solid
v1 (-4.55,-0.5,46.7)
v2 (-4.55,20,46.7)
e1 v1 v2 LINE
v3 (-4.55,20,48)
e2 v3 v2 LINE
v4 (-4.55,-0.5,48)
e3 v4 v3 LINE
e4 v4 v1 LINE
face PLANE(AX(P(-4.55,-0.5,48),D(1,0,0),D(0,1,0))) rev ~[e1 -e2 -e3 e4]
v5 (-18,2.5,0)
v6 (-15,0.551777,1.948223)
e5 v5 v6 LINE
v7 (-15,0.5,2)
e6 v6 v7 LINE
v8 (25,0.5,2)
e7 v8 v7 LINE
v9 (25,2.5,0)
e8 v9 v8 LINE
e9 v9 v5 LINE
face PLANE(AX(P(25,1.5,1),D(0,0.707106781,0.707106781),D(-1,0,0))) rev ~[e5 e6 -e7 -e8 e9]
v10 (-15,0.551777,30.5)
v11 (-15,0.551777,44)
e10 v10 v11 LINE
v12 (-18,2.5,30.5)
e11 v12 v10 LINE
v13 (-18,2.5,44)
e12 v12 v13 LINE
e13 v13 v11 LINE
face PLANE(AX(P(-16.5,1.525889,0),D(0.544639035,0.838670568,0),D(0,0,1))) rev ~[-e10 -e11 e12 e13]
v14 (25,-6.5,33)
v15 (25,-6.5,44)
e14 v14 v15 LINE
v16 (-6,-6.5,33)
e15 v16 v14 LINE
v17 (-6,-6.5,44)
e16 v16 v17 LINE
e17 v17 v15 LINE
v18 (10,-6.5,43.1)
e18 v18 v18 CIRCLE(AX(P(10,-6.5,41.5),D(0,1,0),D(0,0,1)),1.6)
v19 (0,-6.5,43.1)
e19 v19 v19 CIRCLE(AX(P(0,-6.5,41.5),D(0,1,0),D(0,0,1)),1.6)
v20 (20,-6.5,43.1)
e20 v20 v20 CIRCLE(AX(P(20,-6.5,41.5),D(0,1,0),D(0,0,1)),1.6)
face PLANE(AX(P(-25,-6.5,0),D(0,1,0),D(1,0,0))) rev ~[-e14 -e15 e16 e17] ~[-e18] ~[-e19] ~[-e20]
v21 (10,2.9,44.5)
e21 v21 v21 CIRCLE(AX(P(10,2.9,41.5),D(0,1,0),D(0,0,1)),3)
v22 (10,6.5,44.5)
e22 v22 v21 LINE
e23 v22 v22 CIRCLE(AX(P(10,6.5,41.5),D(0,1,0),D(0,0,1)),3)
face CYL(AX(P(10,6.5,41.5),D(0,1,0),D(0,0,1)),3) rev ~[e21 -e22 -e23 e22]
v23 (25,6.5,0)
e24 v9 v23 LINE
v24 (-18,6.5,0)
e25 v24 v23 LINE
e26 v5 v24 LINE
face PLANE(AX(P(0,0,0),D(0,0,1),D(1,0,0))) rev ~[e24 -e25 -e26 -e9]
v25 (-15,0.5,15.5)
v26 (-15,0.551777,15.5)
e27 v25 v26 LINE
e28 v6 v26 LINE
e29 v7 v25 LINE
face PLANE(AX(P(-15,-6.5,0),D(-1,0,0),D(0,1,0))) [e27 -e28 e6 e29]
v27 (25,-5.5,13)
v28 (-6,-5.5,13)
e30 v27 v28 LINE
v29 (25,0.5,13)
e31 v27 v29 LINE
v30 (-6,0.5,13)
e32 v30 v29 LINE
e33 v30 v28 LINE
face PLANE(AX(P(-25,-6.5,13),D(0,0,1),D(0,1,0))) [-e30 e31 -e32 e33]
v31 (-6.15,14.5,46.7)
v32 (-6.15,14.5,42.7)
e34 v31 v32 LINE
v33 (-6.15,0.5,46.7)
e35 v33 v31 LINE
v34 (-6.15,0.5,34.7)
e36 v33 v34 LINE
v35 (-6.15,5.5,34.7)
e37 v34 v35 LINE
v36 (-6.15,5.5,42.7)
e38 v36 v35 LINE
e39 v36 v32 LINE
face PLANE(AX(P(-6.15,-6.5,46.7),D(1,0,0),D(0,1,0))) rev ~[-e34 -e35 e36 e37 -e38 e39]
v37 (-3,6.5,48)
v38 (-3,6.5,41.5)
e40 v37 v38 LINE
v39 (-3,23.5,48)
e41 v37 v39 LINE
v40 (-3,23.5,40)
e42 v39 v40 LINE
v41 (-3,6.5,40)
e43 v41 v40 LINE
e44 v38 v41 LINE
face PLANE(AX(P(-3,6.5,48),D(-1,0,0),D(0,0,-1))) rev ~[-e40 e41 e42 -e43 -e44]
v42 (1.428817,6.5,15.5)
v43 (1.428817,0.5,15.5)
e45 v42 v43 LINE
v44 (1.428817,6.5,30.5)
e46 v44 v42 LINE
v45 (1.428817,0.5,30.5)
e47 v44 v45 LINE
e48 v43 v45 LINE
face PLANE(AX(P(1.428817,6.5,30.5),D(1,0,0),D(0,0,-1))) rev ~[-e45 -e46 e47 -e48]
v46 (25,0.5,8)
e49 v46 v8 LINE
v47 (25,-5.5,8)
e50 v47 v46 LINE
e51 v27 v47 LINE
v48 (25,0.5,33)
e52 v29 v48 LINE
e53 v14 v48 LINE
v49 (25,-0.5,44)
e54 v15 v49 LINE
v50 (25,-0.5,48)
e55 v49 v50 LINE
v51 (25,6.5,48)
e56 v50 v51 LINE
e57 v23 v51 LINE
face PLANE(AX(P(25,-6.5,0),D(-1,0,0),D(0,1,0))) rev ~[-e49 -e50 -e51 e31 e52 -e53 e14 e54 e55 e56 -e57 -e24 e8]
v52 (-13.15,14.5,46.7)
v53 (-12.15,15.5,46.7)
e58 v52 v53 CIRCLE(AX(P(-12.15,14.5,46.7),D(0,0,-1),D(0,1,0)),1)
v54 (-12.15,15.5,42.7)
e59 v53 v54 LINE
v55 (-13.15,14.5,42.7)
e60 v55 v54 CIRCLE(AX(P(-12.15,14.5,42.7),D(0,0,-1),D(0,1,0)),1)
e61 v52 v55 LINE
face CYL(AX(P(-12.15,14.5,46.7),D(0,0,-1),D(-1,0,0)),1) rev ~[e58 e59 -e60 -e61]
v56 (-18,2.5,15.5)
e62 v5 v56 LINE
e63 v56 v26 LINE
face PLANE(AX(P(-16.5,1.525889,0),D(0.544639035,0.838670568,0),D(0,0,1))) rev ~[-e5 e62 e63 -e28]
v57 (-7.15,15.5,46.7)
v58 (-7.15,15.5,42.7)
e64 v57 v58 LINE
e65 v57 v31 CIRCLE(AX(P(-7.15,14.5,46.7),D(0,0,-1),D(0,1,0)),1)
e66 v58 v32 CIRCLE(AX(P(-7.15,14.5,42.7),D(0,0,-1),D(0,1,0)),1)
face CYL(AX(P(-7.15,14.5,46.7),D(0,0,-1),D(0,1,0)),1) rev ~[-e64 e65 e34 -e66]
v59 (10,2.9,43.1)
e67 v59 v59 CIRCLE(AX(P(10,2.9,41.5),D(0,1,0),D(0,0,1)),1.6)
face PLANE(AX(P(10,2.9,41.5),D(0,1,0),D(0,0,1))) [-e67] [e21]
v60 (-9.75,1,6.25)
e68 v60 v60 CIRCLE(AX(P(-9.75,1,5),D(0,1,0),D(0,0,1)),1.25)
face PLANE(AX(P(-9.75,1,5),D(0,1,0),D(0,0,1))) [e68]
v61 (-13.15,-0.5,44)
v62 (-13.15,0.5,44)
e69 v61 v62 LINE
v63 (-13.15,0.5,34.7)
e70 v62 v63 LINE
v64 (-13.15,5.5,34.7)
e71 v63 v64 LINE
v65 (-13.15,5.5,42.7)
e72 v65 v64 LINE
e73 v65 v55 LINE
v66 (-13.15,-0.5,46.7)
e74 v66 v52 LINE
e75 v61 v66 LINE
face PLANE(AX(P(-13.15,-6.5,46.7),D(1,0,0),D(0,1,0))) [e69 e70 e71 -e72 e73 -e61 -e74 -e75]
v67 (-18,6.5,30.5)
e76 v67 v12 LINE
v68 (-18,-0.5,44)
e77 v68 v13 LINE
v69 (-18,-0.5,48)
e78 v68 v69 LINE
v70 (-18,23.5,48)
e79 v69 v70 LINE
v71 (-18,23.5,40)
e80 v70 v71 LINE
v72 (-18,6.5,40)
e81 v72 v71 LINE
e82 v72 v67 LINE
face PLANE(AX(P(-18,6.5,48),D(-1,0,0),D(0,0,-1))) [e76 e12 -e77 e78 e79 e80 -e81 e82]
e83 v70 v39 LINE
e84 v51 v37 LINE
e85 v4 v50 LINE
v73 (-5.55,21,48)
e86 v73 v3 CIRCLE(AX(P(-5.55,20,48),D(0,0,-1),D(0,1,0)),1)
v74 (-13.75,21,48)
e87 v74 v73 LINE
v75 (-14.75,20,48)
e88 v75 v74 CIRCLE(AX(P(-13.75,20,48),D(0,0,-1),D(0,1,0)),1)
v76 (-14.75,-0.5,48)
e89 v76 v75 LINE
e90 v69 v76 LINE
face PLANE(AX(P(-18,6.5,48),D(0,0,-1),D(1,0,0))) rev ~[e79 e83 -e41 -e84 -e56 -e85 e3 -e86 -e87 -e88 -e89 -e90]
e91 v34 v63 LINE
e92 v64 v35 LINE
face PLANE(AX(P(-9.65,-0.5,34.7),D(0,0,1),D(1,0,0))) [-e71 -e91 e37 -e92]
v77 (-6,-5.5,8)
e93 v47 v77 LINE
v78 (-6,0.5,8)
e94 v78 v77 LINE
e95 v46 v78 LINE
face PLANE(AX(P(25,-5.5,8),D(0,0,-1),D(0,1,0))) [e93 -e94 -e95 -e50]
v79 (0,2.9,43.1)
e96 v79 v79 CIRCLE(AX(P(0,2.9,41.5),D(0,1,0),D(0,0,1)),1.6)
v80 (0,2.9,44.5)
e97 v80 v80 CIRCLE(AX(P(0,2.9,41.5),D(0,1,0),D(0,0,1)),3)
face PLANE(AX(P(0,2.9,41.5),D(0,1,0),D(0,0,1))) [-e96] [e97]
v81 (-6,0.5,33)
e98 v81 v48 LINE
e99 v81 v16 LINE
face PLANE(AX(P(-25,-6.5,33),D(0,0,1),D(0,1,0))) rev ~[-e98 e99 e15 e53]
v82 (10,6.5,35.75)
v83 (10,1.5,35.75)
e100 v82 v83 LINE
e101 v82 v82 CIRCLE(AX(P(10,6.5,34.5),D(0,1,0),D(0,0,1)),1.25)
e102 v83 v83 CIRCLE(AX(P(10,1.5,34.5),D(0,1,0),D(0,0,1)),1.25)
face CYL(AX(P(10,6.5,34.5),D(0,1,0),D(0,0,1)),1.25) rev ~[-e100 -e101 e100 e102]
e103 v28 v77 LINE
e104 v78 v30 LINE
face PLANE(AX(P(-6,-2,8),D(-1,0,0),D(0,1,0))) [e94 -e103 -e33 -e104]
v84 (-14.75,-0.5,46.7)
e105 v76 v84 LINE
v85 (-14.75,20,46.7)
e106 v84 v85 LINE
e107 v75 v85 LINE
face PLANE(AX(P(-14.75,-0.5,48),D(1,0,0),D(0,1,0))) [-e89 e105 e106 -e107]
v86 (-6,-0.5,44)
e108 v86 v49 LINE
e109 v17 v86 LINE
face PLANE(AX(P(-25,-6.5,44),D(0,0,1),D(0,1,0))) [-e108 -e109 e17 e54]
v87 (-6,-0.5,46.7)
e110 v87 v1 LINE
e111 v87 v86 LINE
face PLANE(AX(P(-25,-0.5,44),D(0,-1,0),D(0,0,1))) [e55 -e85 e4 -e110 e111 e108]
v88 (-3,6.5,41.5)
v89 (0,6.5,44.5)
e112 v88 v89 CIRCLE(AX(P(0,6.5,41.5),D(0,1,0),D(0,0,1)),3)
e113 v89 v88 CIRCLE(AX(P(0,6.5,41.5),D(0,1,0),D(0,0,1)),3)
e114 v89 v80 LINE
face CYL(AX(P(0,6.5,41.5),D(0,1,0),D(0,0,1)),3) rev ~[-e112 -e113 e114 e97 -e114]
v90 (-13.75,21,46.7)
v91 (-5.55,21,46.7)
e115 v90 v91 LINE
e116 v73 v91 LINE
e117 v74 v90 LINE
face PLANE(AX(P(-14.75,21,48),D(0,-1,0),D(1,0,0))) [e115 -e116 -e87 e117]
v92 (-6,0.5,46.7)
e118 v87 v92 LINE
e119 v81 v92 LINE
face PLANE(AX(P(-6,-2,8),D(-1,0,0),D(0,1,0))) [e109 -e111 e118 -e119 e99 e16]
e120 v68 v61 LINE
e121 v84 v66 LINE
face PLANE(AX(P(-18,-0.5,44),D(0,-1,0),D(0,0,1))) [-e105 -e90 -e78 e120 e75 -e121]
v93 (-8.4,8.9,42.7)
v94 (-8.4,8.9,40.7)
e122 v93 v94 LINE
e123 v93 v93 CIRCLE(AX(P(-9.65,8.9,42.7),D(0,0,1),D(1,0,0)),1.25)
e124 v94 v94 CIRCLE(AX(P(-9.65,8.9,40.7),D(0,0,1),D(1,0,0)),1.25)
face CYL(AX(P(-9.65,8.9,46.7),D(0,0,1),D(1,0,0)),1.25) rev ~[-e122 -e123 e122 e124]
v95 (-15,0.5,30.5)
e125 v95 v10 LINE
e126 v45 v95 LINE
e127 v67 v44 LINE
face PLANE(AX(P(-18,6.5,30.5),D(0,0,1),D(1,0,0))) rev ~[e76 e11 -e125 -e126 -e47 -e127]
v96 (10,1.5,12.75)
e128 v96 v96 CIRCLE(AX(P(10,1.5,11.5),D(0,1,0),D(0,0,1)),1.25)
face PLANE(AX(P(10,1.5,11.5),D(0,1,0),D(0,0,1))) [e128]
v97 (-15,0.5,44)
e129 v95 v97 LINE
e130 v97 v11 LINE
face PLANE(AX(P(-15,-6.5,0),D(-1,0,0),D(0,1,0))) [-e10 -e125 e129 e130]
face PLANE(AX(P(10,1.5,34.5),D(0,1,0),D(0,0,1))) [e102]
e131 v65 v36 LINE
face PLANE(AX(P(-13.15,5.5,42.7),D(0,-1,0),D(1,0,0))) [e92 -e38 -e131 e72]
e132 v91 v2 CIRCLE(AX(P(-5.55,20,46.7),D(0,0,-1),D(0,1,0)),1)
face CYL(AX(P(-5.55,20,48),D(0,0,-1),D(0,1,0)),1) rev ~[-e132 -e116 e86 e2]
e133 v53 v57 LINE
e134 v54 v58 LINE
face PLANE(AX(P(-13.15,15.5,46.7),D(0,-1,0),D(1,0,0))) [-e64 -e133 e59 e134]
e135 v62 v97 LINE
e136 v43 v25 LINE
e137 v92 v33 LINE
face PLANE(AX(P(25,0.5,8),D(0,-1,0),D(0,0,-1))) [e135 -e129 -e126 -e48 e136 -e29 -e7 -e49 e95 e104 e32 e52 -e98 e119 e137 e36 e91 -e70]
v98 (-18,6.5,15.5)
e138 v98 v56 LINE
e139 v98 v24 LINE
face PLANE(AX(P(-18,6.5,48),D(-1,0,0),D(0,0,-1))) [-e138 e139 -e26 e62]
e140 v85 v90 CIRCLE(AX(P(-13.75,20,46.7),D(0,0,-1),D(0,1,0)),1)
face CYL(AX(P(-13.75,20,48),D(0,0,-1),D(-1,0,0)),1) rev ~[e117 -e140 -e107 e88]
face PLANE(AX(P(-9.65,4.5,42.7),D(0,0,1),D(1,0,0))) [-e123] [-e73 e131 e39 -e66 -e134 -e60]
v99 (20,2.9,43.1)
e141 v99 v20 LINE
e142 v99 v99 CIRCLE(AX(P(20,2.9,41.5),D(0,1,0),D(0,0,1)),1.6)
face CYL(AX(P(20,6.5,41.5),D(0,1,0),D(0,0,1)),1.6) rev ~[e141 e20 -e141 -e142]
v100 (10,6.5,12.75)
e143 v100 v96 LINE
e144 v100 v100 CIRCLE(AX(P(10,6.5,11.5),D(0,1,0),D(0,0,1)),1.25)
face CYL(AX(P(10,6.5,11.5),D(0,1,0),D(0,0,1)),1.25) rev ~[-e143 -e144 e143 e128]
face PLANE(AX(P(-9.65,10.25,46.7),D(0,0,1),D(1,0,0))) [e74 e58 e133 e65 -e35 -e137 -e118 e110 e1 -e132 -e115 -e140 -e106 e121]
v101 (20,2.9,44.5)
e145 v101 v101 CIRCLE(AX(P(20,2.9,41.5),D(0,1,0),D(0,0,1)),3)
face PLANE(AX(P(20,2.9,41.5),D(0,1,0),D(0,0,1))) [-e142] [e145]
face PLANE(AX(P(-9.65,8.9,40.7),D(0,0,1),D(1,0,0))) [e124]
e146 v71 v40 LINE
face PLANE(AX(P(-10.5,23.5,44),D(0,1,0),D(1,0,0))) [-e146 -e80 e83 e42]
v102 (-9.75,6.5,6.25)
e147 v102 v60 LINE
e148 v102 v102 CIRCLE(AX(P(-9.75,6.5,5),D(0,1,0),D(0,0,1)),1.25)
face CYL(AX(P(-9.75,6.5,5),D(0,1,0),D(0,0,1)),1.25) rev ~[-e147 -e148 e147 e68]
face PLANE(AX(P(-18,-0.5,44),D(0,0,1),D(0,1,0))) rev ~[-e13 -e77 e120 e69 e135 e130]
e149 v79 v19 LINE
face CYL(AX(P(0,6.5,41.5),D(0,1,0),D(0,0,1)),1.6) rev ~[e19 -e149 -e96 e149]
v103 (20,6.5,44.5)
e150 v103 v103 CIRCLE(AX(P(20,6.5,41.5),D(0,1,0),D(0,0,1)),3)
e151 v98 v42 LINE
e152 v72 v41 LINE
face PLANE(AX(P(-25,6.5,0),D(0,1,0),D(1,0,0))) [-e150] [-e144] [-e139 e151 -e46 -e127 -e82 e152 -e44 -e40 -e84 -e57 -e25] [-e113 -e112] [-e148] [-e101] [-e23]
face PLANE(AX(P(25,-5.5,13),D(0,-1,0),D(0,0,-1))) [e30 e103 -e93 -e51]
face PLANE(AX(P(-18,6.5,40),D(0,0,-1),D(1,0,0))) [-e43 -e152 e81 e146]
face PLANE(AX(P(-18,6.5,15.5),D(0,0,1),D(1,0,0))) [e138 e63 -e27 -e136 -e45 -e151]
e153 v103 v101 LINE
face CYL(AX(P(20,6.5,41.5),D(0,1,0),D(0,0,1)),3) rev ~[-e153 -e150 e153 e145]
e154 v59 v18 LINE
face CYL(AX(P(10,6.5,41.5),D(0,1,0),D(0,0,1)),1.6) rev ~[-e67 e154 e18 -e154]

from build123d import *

# Parameters (mm, degrees)
SKETCH_1_W           = 50
SKETCH_1_H           = 13
EXTRUDE_1_DEPTH      = 48
SKETCH_9_R           = 1.6
CUT_EXTRUDE_7_DEPTH  = 14
SKETCH_10_R          = 3
CUT_EXTRUDE_10_DEPTH = 3.6
SKETCH_2_W           = 4
SKETCH_2_H           = 6
CUT_EXTRUDE_15_DEPTH = 51
SKETCH_18_W          = 20
SKETCH_18_H          = 7
CUT_EXTRUDE_16_DEPTH = 51
SKETCH_19_W          = 13
SKETCH_19_H          = 1
CUT_EXTRUDE_17_DEPTH = 51
SKETCH_21_W          = 8
SKETCH_21_H          = 6
CUT_EXTRUDE_19_DEPTH = 51
CHAMFER_1_SIZE       = 2
CUT_EXTRUDE_START    = 8
SKETCH_22_W          = 10
SKETCH_22_H          = 9
CUT_EXTRUDE_20_DEPTH = 49
CHAMFER_2_SIZE       = 3
CHAMFER_2_SIZE2      = 1.94822278
SKETCH_23_W          = 9
SKETCH_23_H          = 2.5
CUT_EXTRUDE_21_DEPTH = 41
SKETCH_26_W          = 7
SKETCH_26_H          = 4
CUT_EXTRUDE_24_DEPTH = 49
SKETCH_27_W          = 4
SKETCH_27_H          = 7
EXTRUDE_2_DEPTH      = 5
SKETCH_37_R          = 1.25
CUT_EXTRUDE_30_DEPTH = 5
SKETCH_38_W          = 15
SKETCH_38_H          = 8
EXTRUDE_3_DEPTH      = 17
SKETCH_39_W          = 10.2
SKETCH_39_H          = 21.5
CUT_EXTRUDE_31_DEPTH = 1.3
FILLET_2_R           = 1
SKETCH_40_R          = 1.25
CUT_EXTRUDE_32_DEPTH = 6
SKETCH_41_W          = 7
SKETCH_41_H          = 22
CUT_EXTRUDE_33_DEPTH = 4
SKETCH_43_W          = 7
SKETCH_43_H          = 12
CUT_EXTRUDE_35_DEPTH = 8
FILLET_3_R           = 1
SKETCH_44_W          = 19.428817274
SKETCH_44_H          = 15
CUT_EXTRUDE_37_DEPTH = 8
SKETCH_45_R          = 1.25
CUT_EXTRUDE_38_DEPTH = 5.5
SKETCH_46_W          = 45.087872193
SKETCH_46_H          = 5.805305433
CUT_EXTRUDE_39_DEPTH = 9


with BuildPart() as part:
    # Эскиз1 → Бобышка-Вытянуть1 (new body)
    with BuildSketch(Plane.XY):
        Rectangle(SKETCH_1_W, SKETCH_1_H)
    extrude(amount=EXTRUDE_1_DEPTH)

    # Эскиз9 → Вырез-Вытянуть7 (cut, through all)
    with BuildSketch(Plane(origin=(0, 6.5, 0), x_dir=(1, 0, 0), z_dir=(0, 1, 0))):
        with Locations(Location((20, -41.5, 0), (0, 0, 270))):  # turned: the seam where the file's is
            Circle(SKETCH_9_R)
        with Locations(Location((10, -41.5, 0), (0, 0, 270))):  # turned: the seam where the file's is
            Circle(SKETCH_9_R)
        with Locations(Location((0, -41.5, 0), (0, 0, 270))):  # turned: the seam where the file's is
            Circle(SKETCH_9_R)
    extrude(amount=-CUT_EXTRUDE_7_DEPTH, mode=Mode.SUBTRACT)

    # Эскиз10 → Вырез-Вытянуть10 (cut)
    with BuildSketch(Plane(origin=(0, 6.5, 0), x_dir=(1, 0, 0), z_dir=(0, 1, 0))):
        with Locations(Location((20, -41.5, 0), (0, 0, 270))):  # turned: the seam where the file's is
            Circle(SKETCH_10_R)
        with Locations(Location((10, -41.5, 0), (0, 0, 270))):  # turned: the seam where the file's is
            Circle(SKETCH_10_R)
        with Locations(Location((0, -41.5, 0), (0, 0, 270))):  # turned: the seam where the file's is
            Circle(SKETCH_10_R)
    extrude(amount=-CUT_EXTRUDE_10_DEPTH, mode=Mode.SUBTRACT)

    # Эскиз2 → Вырез-Вытянуть15 (cut, through all)
    with BuildSketch(Plane.ZY.offset(25)):
        with Locations((46, -3.5)):
            Rectangle(SKETCH_2_W, SKETCH_2_H)
    extrude(amount=-CUT_EXTRUDE_15_DEPTH, mode=Mode.SUBTRACT)

    # Эскиз18 → Вырез-Вытянуть16 (cut, through all)
    with BuildSketch(Plane.ZY.offset(25)):
        with Locations((23, -3)):
            Rectangle(SKETCH_18_W, SKETCH_18_H)
    extrude(amount=-CUT_EXTRUDE_16_DEPTH, mode=Mode.SUBTRACT)

    # Эскиз19 → Вырез-Вытянуть17 (cut, through all)
    with BuildSketch(Plane(origin=(25, 0, 0), x_dir=(0, 0, -1), z_dir=(1, 0, 0))):
        with Locations((-6.5, -6)):
            Rectangle(SKETCH_19_W, SKETCH_19_H)
    extrude(amount=-CUT_EXTRUDE_17_DEPTH, mode=Mode.SUBTRACT)

    # Эскиз21 → Вырез-Вытянуть19 (cut, through all)
    with BuildSketch(Plane(origin=(25, 0, 0), x_dir=(0, 0, -1), z_dir=(1, 0, 0))):
        with Locations((-4, -2.5)):
            Rectangle(SKETCH_21_W, SKETCH_21_H)
    extrude(amount=-CUT_EXTRUDE_19_DEPTH, mode=Mode.SUBTRACT)

    # Фаска1
    chamfer_1_edges = [part.edges().sort_by_distance(p)[0] for p in [
        (0, 0.5, 0),
    ]]
    chamfer(chamfer_1_edges, length=CHAMFER_1_SIZE)

    # Эскиз22 → Вырез-Вытянуть20 (cut, through all)
    with BuildSketch(Plane(origin=(0, 0, 8), x_dir=(-1, 0, 0), z_dir=(0, 0, -1)).offset(CUT_EXTRUDE_START)):
        with Locations((20, -2)):
            Rectangle(SKETCH_22_W, SKETCH_22_H)
    extrude(amount=-CUT_EXTRUDE_20_DEPTH, mode=Mode.SUBTRACT)

    # Фаска2
    chamfer_2_edges = [part.edges().sort_by_distance(p)[0] for p in [
        (-15, 2.5, 24),
    ]]
    chamfer_2_side = [part.faces().sort_by_distance(p)[0] for p in [
        (-20, 2.5, 24),
    ]]
    chamfer(chamfer_2_edges, length=CHAMFER_2_SIZE, length2=CHAMFER_2_SIZE2, reference=chamfer_2_side[0])

    # Эскиз23 → Вырез-Вытянуть21 (cut, through all)
    with BuildSketch(Plane(origin=(0, 0, 8), x_dir=(-1, 0, 0), z_dir=(0, 0, -1))):
        with Locations((10.5, -0.75)):
            Rectangle(SKETCH_23_W, SKETCH_23_H)
    extrude(amount=-CUT_EXTRUDE_21_DEPTH, mode=Mode.SUBTRACT)

    # Эскиз26 → Вырез-Вытянуть24 (cut, through all)
    with BuildSketch(Plane(origin=(0, 0, 0), x_dir=(-1, 0, 0), z_dir=(0, 0, -1))):
        with Locations((21.5, 4.5)):
            Rectangle(SKETCH_26_W, SKETCH_26_H)
    extrude(amount=-CUT_EXTRUDE_24_DEPTH, mode=Mode.SUBTRACT)

    # Эскиз27 → Бобышка-Вытянуть2 (add)
    with BuildSketch(Plane.ZY.offset(18)):
        with Locations((46, 3)):
            Rectangle(SKETCH_27_W, SKETCH_27_H)
    extrude(amount=-EXTRUDE_2_DEPTH)

    # Эскиз37 → Вырез-Вытянуть30 (cut)
    with BuildSketch(Plane(origin=(0, 6.5, 0), x_dir=(1, 0, 0), z_dir=(0, 1, 0))):
        with Locations(Location((10, -34.5, 0), (0, 0, 270))):  # turned: the seam where the file's is
            Circle(SKETCH_37_R)
        with Locations(Location((10, -11.5, 0), (0, 0, 270))):  # turned: the seam where the file's is
            Circle(SKETCH_37_R)
    extrude(amount=-CUT_EXTRUDE_30_DEPTH, mode=Mode.SUBTRACT)

    # Эскиз38 → Бобышка-Вытянуть3 (add)
    with BuildSketch(Plane(origin=(0, 6.5, 0), x_dir=(1, 0, 0), z_dir=(0, 1, 0))):
        with Locations((-10.5, -44)):
            Rectangle(SKETCH_38_W, SKETCH_38_H)
    extrude(amount=EXTRUDE_3_DEPTH)

    # Эскиз39 → Вырез-Вытянуть31 (cut)
    with BuildSketch(Plane.XY.offset(48)):
        with Locations((-9.65, 10.25)):
            Rectangle(SKETCH_39_W, SKETCH_39_H)
    extrude(amount=-CUT_EXTRUDE_31_DEPTH, mode=Mode.SUBTRACT)

    # Скругление2
    fillet_2_edges = [part.edges().sort_by_distance(p)[0] for p in [
        (-14.75, 21, 47.35),
        (-4.55, 21, 47.35),
    ]]
    fillet(fillet_2_edges, radius=FILLET_2_R)

    # Эскиз40 → Вырез-Вытянуть32 (cut)
    with BuildSketch(Plane.XY.offset(46.7)):
        with Locations((-9.65, 8.9)):
            Circle(SKETCH_40_R)
    extrude(amount=-CUT_EXTRUDE_32_DEPTH, mode=Mode.SUBTRACT)

    # Эскиз41 → Вырез-Вытянуть33 (cut)
    with BuildSketch(Plane.XY.offset(46.7)):
        with Locations((-9.65, 4.5)):
            Rectangle(SKETCH_41_W, SKETCH_41_H)
    extrude(amount=-CUT_EXTRUDE_33_DEPTH, mode=Mode.SUBTRACT)

    # Эскиз43 → Вырез-Вытянуть35 (cut)
    with BuildSketch(Plane.XY.offset(42.7)):
        with Locations((-9.65, -0.5)):
            Rectangle(SKETCH_43_W, SKETCH_43_H)
    extrude(amount=-CUT_EXTRUDE_35_DEPTH, mode=Mode.SUBTRACT)

    # Скругление3
    fillet_3_edges = [part.edges().sort_by_distance(p)[0] for p in [
        (-6.15, 15.5, 44.7),
        (-13.15, 15.5, 44.7),
    ]]
    fillet(fillet_3_edges, radius=FILLET_3_R)

    # Эскиз44 → Вырез-Вытянуть37 (cut)
    with BuildSketch(Plane(origin=(0, 6.5, 0), x_dir=(1, 0, 0), z_dir=(0, 1, 0))):
        with Locations((-8.285591363, -23)):
            Rectangle(SKETCH_44_W, SKETCH_44_H)
    extrude(amount=-CUT_EXTRUDE_37_DEPTH, mode=Mode.SUBTRACT)

    # Эскиз45 → Вырез-Вытянуть38 (cut)
    with BuildSketch(Plane(origin=(0, 6.5, 0), x_dir=(1, 0, 0), z_dir=(0, 1, 0))):
        with Locations(Location((-9.75, -5, 0), (0, 0, 270))):  # turned: the seam where the file's is
            Circle(SKETCH_45_R)
    extrude(amount=-CUT_EXTRUDE_38_DEPTH, mode=Mode.SUBTRACT)

    # Эскиз46 → Вырез-Вытянуть39 (cut)
    with BuildSketch(Plane.ZY.offset(15)):
        with Locations((23.854867364, -4.199105634)):
            Rectangle(SKETCH_46_W, SKETCH_46_H)
    extrude(amount=-CUT_EXTRUDE_39_DEPTH, mode=Mode.SUBTRACT)


solid = part.part
